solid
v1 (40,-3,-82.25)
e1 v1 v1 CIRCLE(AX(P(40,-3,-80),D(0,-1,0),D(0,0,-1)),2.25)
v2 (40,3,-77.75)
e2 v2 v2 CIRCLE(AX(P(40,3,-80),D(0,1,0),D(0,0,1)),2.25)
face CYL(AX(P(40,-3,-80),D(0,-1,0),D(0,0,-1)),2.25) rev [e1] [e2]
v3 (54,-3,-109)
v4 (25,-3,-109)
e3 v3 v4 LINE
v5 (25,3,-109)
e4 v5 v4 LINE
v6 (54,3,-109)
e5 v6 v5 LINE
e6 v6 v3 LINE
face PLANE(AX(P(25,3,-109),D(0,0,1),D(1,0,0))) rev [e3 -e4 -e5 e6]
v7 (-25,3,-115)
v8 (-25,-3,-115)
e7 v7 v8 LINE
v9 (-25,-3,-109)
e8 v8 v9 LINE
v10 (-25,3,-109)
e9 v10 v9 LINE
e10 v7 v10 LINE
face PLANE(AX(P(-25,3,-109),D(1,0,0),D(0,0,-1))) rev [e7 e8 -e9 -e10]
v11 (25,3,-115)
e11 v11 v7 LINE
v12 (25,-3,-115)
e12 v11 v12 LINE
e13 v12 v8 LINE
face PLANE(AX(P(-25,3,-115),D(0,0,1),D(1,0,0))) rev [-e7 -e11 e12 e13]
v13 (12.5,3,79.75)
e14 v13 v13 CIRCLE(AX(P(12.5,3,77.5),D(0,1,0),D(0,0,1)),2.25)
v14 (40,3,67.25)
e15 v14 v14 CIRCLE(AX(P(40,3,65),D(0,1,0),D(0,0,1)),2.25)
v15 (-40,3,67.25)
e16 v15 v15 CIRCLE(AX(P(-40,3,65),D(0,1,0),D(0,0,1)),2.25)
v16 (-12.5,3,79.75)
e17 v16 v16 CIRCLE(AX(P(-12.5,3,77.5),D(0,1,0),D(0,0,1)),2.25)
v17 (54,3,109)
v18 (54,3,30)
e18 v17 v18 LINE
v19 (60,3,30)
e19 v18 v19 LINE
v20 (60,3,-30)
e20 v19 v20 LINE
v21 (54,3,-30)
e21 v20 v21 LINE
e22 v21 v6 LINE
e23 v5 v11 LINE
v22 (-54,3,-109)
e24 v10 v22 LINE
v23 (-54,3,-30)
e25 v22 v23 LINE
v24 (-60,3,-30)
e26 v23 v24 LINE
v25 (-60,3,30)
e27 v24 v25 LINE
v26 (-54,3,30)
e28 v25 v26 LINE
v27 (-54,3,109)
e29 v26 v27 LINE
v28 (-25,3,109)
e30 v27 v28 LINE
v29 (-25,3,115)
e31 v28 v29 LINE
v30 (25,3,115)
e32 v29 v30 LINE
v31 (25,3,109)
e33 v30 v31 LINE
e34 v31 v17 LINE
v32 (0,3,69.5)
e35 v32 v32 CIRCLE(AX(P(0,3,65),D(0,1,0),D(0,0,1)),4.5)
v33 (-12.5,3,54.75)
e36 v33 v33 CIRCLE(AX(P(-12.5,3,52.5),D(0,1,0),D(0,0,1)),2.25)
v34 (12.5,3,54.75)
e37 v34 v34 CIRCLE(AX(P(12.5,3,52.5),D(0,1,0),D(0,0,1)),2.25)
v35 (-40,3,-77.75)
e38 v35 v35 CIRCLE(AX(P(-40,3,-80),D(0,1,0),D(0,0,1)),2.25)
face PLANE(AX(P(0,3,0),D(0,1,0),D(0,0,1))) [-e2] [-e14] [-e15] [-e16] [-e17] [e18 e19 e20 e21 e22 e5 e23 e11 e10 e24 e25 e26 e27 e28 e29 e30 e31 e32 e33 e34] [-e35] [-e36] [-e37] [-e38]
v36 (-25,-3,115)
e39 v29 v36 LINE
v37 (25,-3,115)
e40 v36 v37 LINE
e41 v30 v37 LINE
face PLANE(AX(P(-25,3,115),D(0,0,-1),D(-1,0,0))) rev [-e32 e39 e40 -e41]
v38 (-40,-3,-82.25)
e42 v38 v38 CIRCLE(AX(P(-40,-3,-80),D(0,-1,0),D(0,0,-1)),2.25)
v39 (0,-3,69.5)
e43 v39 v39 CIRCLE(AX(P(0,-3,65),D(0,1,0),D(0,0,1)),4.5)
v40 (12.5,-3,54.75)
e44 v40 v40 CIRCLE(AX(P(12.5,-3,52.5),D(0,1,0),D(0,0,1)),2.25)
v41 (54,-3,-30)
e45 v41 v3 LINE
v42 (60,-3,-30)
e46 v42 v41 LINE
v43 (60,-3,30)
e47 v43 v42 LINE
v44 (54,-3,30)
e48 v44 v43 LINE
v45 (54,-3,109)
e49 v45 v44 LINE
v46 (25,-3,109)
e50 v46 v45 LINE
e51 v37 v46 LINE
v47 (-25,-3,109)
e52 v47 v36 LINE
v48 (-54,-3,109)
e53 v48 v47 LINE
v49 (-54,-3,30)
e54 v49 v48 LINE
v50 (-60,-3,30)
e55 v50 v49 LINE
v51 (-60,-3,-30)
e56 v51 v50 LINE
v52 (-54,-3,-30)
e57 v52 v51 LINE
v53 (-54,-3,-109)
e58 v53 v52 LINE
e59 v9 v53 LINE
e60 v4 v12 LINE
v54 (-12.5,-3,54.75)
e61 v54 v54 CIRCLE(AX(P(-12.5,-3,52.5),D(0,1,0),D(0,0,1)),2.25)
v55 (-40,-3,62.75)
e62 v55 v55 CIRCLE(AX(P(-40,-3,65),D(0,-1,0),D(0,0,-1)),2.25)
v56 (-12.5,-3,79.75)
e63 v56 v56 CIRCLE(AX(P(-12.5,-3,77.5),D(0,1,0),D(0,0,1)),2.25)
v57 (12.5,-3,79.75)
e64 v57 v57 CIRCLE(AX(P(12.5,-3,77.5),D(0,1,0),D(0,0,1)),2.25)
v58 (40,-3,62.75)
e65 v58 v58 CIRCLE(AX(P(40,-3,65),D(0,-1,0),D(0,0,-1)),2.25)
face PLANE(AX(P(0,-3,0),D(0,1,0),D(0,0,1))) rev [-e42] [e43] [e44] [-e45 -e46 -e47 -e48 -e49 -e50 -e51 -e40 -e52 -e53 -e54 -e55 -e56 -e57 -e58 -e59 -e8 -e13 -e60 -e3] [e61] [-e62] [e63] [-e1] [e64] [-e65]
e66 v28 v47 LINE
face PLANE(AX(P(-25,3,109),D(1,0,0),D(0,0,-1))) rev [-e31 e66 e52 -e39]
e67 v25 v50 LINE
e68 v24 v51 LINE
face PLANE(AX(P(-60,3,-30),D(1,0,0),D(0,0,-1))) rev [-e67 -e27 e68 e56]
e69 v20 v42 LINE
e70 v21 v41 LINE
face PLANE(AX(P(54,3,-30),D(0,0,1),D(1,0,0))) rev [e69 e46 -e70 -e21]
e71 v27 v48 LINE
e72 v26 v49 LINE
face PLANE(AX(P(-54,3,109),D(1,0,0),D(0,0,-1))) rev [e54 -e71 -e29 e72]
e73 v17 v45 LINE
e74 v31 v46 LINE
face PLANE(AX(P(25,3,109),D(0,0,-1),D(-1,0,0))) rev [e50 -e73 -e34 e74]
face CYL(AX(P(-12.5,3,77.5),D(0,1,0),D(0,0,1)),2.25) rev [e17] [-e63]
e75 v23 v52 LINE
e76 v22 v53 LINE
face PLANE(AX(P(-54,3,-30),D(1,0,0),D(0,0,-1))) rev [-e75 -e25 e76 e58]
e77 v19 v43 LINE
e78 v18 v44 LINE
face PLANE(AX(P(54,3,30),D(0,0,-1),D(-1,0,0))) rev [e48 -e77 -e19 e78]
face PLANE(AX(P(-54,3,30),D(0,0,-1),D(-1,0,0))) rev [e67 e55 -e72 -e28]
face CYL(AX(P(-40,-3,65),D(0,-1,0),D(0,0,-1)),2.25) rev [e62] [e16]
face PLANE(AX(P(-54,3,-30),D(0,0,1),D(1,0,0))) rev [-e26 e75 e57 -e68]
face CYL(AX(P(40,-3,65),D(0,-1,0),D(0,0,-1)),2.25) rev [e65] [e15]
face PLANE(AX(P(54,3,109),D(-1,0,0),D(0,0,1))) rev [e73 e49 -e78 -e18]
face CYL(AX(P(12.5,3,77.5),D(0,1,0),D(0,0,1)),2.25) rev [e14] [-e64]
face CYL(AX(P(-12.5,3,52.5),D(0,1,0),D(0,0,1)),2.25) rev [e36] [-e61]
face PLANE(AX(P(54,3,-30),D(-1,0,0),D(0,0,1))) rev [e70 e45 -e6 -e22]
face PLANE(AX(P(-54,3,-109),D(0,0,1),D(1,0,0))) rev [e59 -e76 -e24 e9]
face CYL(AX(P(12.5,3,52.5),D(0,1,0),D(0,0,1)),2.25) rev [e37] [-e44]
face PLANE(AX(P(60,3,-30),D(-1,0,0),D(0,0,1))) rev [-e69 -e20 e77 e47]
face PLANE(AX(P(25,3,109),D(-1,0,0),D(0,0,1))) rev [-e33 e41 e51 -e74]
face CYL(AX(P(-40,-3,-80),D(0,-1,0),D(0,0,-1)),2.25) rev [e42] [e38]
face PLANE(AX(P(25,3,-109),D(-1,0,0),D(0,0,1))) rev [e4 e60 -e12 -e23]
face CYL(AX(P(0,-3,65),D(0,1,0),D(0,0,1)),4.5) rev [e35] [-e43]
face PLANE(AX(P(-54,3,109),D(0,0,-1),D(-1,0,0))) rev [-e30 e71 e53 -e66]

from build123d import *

# Parameters (mm, degrees)
SALIENTE_EXTRUIR1_DEPTH      = 3
CORTAR_EXTRUIR1_DEPTH        = 130.745905523
CORTAR_EXTRUIR1_DEPTH_BACK   = 130.745905523
CROQUIS2_R                   = 4.5
TALADRO_DE_MARGEN_PARA_M42_D = 4.5
TALADRO_DE_MARGEN_PARA_M41_D = 4.5


with BuildPart() as part:
    # Croquis1 → Saliente-Extruir1 (new, symmetric)
    with BuildSketch(Plane(origin=(0, 0, 0), x_dir=(1, 0, 0), z_dir=(0, 1, 0))):
        Polygon((-54, -109), (-25, -109), (-25, -115), (25, -115), (25, -109), (54, -109), (54, -30), (60, -30), (60, 30), (54, 30), (54, 109), (25, 109), (25, 115), (-25, 115), (-25, 109), (-54, 109), (-54, 30), (-60, 30), (-60, -30), (-54, -30), align=None)
    extrude(amount=SALIENTE_EXTRUIR1_DEPTH, both=True)

    # Croquis2 → Cortar-Extruir1 (cut, two sides: drawn at the far end of the back side and taken through both)
    with BuildSketch(Plane(origin=(0, 0, 0), x_dir=(1, 0, 0), z_dir=(0, 1, 0)).offset(-CORTAR_EXTRUIR1_DEPTH_BACK)):
        with Locations(Location((0, -65, 0), (0, 0, 270))):
            Circle(CROQUIS2_R)
    extrude(amount=CORTAR_EXTRUIR1_DEPTH + CORTAR_EXTRUIR1_DEPTH_BACK, mode=Mode.SUBTRACT)

    # Taladro de margen para M42 (through all)
    with Locations(Plane(origin=(0, 3, 0), x_dir=(1, 0, 0), z_dir=(0, 1, 0))):
        with Locations((12.5, -77.5), (-12.5, -77.5), (12.5, -52.5), (-12.5, -52.5)):
            Hole(TALADRO_DE_MARGEN_PARA_M42_D / 2)

    # Taladro de margen para M41 (through all)
    with Locations(Plane(origin=(0, -3, 0), x_dir=(-1, 0, 0), z_dir=(0, -1, 0))):
        with Locations((40, 80), (-40, 80), (40, -65), (-40, -65)):
            Hole(TALADRO_DE_MARGEN_PARA_M41_D / 2)


solid = part.part
